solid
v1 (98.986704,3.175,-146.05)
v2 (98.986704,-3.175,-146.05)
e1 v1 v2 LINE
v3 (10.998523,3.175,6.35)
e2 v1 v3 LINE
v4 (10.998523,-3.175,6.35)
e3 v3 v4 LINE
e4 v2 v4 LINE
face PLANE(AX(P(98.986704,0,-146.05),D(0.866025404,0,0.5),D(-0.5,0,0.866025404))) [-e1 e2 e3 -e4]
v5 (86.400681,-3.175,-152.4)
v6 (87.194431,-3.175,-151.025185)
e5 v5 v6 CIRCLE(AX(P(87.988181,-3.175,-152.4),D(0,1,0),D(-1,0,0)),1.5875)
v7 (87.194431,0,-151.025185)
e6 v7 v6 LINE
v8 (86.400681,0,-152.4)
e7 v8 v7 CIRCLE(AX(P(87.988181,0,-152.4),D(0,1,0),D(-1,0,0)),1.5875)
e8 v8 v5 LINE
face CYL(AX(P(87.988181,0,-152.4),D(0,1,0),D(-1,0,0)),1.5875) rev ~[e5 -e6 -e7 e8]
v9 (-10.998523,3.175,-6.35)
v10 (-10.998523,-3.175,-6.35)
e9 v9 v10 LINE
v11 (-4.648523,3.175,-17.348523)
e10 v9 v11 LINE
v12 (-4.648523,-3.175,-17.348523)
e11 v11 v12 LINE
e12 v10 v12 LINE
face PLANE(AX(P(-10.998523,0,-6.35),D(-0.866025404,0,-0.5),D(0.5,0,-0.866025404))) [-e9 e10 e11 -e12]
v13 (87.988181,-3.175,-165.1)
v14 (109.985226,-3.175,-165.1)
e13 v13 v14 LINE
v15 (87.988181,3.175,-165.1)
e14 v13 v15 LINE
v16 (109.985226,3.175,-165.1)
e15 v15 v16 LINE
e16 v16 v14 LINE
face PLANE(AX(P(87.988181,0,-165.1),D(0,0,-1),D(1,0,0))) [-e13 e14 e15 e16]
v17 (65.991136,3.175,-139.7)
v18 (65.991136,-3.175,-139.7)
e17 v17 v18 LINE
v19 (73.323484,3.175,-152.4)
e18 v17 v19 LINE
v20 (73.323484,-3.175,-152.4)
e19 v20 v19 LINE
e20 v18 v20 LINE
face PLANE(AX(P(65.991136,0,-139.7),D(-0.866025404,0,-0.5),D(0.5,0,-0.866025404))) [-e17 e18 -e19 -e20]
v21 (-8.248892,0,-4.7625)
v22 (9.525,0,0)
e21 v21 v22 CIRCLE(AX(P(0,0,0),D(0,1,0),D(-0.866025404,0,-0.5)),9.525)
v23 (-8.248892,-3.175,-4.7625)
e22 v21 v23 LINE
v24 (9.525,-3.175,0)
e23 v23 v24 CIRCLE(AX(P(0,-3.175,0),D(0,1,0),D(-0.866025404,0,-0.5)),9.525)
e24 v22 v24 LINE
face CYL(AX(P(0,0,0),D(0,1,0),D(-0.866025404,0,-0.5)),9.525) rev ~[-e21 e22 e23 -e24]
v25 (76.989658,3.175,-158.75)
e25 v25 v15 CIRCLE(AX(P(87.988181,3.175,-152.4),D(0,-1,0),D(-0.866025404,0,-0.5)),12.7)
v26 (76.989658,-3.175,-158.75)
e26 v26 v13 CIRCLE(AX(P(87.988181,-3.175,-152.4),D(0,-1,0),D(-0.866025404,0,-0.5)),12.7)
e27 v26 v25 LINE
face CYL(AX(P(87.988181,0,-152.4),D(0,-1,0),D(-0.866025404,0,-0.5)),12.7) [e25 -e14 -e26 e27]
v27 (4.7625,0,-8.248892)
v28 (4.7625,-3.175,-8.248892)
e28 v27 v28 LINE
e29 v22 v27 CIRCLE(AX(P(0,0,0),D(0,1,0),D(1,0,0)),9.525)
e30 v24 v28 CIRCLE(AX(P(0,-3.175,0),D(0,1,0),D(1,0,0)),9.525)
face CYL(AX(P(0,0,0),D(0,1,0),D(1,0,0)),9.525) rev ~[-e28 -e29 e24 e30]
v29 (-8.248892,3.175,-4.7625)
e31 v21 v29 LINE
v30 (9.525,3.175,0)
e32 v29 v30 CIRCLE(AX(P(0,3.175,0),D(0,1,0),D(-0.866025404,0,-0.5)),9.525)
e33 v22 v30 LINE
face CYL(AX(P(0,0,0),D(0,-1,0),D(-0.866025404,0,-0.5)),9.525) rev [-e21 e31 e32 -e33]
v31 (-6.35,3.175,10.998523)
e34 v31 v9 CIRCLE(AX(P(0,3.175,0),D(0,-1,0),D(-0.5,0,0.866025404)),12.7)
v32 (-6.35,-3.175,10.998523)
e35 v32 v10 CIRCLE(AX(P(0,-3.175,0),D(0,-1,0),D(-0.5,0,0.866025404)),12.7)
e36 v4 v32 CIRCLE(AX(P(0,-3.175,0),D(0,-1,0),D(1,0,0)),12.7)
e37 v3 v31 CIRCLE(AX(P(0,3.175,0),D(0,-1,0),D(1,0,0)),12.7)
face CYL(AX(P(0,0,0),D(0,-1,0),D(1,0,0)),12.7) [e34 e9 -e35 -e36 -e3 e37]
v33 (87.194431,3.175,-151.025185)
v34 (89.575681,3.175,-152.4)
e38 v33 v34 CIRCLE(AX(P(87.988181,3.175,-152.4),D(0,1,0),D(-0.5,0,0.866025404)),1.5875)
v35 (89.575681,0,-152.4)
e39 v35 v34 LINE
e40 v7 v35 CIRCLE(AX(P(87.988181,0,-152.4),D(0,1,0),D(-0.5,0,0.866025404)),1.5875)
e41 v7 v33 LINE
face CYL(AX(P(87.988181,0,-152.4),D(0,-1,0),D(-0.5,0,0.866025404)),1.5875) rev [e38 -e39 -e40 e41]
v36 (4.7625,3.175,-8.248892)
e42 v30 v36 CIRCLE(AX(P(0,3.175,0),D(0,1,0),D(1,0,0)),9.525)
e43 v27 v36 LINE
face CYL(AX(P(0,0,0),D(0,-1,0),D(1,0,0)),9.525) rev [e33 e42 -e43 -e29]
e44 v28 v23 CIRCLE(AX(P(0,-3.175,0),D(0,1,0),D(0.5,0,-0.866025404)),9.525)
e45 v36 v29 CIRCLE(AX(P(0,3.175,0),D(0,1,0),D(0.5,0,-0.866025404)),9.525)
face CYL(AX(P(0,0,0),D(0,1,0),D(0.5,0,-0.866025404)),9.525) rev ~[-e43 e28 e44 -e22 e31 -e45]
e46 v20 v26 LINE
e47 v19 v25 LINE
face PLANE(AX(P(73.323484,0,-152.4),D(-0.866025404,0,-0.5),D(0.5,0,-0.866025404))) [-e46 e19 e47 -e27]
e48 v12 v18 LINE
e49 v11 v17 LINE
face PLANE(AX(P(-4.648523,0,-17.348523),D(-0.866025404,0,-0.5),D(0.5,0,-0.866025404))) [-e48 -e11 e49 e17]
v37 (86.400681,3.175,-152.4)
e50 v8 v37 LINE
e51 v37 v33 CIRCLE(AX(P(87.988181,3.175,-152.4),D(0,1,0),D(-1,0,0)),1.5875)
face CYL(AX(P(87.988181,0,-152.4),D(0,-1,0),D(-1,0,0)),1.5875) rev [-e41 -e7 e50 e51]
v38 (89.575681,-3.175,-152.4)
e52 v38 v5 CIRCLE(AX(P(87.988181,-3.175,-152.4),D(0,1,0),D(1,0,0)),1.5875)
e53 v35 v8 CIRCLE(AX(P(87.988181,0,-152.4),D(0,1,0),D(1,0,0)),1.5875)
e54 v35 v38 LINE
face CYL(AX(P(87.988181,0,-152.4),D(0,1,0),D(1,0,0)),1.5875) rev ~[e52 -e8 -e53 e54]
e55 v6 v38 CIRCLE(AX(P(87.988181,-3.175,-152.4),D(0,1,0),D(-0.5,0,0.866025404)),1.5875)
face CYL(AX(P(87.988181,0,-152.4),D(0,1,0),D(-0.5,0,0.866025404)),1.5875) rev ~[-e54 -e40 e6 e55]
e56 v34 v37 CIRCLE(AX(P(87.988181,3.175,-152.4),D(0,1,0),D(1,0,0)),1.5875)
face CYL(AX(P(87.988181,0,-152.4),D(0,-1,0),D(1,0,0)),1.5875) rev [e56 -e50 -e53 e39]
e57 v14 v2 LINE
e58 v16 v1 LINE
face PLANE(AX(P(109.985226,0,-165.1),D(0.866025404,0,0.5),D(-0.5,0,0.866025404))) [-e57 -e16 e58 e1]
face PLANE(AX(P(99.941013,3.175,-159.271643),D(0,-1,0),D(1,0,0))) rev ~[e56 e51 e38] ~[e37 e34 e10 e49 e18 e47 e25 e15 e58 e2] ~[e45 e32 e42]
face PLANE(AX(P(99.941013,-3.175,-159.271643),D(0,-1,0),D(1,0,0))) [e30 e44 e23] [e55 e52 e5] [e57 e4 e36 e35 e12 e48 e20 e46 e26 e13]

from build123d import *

# Parameters (mm, degrees)
F1_DEPTH = 3.175


with BuildPart() as f1:
    # F0 (on Front) → F1 (new body, symmetric)
    with BuildSketch(Plane.XZ):
        with BuildLine():
            ThreePointArc((100.6881810245, -152.4), (96.9684371456, -161.3802561211), (87.9881810245, -165.1))
            Line((87.9881810245, -165.1), (109.9852262806, -165.1))
            Line((109.9852262806, -165.1), (98.9867036526, -146.05))
            ThreePointArc((98.9867036526, -146.05), (100.2554390184, -149.1129981272), (100.6881810245, -152.4))
        make_face()
        with BuildLine():
            Line((86.4006810245, -152.4), (75.2881810245, -152.4))
            ThreePointArc((75.2881810245, -152.4), (75.7209230306, -155.6870018728), (76.9896583964, -158.75))
            ThreePointArc((76.9896583964, -158.75), (81.6381810245, -163.3985226281), (87.9881810245, -165.1))
            ThreePointArc((87.9881810245, -165.1), (96.9684371456, -161.3802561211), (100.6881810245, -152.4))
            ThreePointArc((100.6881810245, -152.4), (100.2554390184, -149.1129981272), (98.9867036526, -146.05))
            ThreePointArc((98.9867036526, -146.05), (94.3381810245, -141.4014773719), (87.9881810245, -139.7))
            ThreePointArc((87.9881810245, -139.7), (84.7011791517, -140.1327420061), (81.6381810245, -141.4014773719))
            Line((81.6381810245, -141.4014773719), (87.1944310245, -151.0251846715))
            ThreePointArc((87.1944310245, -151.0251846715), (88.7819310245, -151.0251846715), (89.5756810245, -152.4))
            ThreePointArc((89.5756810245, -152.4), (87.9881810245, -153.9875), (86.4006810245, -152.4))
        make_face()
        with BuildLine():
            ThreePointArc((81.6381810245, -141.4014773719), (76.9896583964, -146.05), (75.2881810245, -152.4))
            Line((75.2881810245, -152.4), (86.4006810245, -152.4))
            ThreePointArc((86.4006810245, -152.4), (86.613365696, -151.60625), (87.1944310245, -151.0251846715))
            Line((87.1944310245, -151.0251846715), (81.6381810245, -141.4014773719))
        make_face()
        with BuildLine():
            Line((65.9911357684, -139.7), (73.3234841871, -152.4))
            Line((73.3234841871, -152.4), (75.2881810245, -152.4))
            ThreePointArc((75.2881810245, -152.4), (76.9896583964, -146.05), (81.6381810245, -141.4014773719))
            Line((81.6381810245, -141.4014773719), (80.6558326058, -139.7))
            Line((80.6558326058, -139.7), (65.9911357684, -139.7))
        make_face()
        with BuildLine():
            Line((80.6558326058, -139.7), (81.6381810245, -141.4014773719))
            ThreePointArc((81.6381810245, -141.4014773719), (84.7011791517, -140.1327420061), (87.9881810245, -139.7))
            Line((87.9881810245, -139.7), (80.6558326058, -139.7))
        make_face()
        with BuildLine():
            Line((6.35, -10.9985226281), (80.6558326058, -139.7))
            Line((80.6558326058, -139.7), (87.9881810245, -139.7))
            ThreePointArc((87.9881810245, -139.7), (94.3381810245, -141.4014773719), (98.9867036526, -146.05))
            Line((98.9867036526, -146.05), (10.9985226281, 6.35))
            ThreePointArc((10.9985226281, 6.35), (12.2672579939, 3.2870018728), (12.7, 0))
            ThreePointArc((12.7, 0), (10.9985226281, -6.35), (6.35, -10.9985226281))
        make_face()
        Polygon((-4.6485226281, -17.3485226281), (65.9911357684, -139.7), (80.6558326058, -139.7), (6.35, -10.9985226281), align=None)
        with BuildLine():
            Line((75.2881810245, -152.4), (73.3234841871, -152.4))
            Line((73.3234841871, -152.4), (76.9896583964, -158.75))
            ThreePointArc((76.9896583964, -158.75), (75.7209230306, -155.6870018728), (75.2881810245, -152.4))
        make_face()
        with BuildLine():
            Line((-8.248891971, -4.7625), (-10.9985226281, -6.35))
            ThreePointArc((-10.9985226281, -6.35), (-3.2870018728, -12.2672579939), (6.35, -10.9985226281))
            Line((6.35, -10.9985226281), (4.7625, -8.248891971))
            ThreePointArc((4.7625, -8.248891971), (-2.4652514046, -9.2004434954), (-8.248891971, -4.7625))
        make_face()
        with BuildLine():
            ThreePointArc((-6.35, 10.9985226281), (-12.2672579939, 3.2870018728), (-10.9985226281, -6.35))
            Line((-10.9985226281, -6.35), (-8.248891971, -4.7625))
            ThreePointArc((-8.248891971, -4.7625), (-2.4652514046, 9.2004434954), (9.525, 0))
            ThreePointArc((9.525, 0), (8.248891971, -4.7625), (4.7625, -8.248891971))
            Line((4.7625, -8.248891971), (6.35, -10.9985226281))
            ThreePointArc((6.35, -10.9985226281), (10.9985226281, -6.35), (12.7, 0))
            ThreePointArc((12.7, 0), (12.2672579939, 3.2870018728), (10.9985226281, 6.35))
            ThreePointArc((10.9985226281, 6.35), (3.2870018728, 12.2672579939), (-6.35, 10.9985226281))
        make_face()
        with BuildLine():
            Line((-10.9985226281, -6.35), (-4.6485226281, -17.3485226281))
            Line((-4.6485226281, -17.3485226281), (6.35, -10.9985226281))
            ThreePointArc((6.35, -10.9985226281), (-3.2870018728, -12.2672579939), (-10.9985226281, -6.35))
        make_face()
    extrude(amount=F1_DEPTH, both=True)


solid = f1.part
